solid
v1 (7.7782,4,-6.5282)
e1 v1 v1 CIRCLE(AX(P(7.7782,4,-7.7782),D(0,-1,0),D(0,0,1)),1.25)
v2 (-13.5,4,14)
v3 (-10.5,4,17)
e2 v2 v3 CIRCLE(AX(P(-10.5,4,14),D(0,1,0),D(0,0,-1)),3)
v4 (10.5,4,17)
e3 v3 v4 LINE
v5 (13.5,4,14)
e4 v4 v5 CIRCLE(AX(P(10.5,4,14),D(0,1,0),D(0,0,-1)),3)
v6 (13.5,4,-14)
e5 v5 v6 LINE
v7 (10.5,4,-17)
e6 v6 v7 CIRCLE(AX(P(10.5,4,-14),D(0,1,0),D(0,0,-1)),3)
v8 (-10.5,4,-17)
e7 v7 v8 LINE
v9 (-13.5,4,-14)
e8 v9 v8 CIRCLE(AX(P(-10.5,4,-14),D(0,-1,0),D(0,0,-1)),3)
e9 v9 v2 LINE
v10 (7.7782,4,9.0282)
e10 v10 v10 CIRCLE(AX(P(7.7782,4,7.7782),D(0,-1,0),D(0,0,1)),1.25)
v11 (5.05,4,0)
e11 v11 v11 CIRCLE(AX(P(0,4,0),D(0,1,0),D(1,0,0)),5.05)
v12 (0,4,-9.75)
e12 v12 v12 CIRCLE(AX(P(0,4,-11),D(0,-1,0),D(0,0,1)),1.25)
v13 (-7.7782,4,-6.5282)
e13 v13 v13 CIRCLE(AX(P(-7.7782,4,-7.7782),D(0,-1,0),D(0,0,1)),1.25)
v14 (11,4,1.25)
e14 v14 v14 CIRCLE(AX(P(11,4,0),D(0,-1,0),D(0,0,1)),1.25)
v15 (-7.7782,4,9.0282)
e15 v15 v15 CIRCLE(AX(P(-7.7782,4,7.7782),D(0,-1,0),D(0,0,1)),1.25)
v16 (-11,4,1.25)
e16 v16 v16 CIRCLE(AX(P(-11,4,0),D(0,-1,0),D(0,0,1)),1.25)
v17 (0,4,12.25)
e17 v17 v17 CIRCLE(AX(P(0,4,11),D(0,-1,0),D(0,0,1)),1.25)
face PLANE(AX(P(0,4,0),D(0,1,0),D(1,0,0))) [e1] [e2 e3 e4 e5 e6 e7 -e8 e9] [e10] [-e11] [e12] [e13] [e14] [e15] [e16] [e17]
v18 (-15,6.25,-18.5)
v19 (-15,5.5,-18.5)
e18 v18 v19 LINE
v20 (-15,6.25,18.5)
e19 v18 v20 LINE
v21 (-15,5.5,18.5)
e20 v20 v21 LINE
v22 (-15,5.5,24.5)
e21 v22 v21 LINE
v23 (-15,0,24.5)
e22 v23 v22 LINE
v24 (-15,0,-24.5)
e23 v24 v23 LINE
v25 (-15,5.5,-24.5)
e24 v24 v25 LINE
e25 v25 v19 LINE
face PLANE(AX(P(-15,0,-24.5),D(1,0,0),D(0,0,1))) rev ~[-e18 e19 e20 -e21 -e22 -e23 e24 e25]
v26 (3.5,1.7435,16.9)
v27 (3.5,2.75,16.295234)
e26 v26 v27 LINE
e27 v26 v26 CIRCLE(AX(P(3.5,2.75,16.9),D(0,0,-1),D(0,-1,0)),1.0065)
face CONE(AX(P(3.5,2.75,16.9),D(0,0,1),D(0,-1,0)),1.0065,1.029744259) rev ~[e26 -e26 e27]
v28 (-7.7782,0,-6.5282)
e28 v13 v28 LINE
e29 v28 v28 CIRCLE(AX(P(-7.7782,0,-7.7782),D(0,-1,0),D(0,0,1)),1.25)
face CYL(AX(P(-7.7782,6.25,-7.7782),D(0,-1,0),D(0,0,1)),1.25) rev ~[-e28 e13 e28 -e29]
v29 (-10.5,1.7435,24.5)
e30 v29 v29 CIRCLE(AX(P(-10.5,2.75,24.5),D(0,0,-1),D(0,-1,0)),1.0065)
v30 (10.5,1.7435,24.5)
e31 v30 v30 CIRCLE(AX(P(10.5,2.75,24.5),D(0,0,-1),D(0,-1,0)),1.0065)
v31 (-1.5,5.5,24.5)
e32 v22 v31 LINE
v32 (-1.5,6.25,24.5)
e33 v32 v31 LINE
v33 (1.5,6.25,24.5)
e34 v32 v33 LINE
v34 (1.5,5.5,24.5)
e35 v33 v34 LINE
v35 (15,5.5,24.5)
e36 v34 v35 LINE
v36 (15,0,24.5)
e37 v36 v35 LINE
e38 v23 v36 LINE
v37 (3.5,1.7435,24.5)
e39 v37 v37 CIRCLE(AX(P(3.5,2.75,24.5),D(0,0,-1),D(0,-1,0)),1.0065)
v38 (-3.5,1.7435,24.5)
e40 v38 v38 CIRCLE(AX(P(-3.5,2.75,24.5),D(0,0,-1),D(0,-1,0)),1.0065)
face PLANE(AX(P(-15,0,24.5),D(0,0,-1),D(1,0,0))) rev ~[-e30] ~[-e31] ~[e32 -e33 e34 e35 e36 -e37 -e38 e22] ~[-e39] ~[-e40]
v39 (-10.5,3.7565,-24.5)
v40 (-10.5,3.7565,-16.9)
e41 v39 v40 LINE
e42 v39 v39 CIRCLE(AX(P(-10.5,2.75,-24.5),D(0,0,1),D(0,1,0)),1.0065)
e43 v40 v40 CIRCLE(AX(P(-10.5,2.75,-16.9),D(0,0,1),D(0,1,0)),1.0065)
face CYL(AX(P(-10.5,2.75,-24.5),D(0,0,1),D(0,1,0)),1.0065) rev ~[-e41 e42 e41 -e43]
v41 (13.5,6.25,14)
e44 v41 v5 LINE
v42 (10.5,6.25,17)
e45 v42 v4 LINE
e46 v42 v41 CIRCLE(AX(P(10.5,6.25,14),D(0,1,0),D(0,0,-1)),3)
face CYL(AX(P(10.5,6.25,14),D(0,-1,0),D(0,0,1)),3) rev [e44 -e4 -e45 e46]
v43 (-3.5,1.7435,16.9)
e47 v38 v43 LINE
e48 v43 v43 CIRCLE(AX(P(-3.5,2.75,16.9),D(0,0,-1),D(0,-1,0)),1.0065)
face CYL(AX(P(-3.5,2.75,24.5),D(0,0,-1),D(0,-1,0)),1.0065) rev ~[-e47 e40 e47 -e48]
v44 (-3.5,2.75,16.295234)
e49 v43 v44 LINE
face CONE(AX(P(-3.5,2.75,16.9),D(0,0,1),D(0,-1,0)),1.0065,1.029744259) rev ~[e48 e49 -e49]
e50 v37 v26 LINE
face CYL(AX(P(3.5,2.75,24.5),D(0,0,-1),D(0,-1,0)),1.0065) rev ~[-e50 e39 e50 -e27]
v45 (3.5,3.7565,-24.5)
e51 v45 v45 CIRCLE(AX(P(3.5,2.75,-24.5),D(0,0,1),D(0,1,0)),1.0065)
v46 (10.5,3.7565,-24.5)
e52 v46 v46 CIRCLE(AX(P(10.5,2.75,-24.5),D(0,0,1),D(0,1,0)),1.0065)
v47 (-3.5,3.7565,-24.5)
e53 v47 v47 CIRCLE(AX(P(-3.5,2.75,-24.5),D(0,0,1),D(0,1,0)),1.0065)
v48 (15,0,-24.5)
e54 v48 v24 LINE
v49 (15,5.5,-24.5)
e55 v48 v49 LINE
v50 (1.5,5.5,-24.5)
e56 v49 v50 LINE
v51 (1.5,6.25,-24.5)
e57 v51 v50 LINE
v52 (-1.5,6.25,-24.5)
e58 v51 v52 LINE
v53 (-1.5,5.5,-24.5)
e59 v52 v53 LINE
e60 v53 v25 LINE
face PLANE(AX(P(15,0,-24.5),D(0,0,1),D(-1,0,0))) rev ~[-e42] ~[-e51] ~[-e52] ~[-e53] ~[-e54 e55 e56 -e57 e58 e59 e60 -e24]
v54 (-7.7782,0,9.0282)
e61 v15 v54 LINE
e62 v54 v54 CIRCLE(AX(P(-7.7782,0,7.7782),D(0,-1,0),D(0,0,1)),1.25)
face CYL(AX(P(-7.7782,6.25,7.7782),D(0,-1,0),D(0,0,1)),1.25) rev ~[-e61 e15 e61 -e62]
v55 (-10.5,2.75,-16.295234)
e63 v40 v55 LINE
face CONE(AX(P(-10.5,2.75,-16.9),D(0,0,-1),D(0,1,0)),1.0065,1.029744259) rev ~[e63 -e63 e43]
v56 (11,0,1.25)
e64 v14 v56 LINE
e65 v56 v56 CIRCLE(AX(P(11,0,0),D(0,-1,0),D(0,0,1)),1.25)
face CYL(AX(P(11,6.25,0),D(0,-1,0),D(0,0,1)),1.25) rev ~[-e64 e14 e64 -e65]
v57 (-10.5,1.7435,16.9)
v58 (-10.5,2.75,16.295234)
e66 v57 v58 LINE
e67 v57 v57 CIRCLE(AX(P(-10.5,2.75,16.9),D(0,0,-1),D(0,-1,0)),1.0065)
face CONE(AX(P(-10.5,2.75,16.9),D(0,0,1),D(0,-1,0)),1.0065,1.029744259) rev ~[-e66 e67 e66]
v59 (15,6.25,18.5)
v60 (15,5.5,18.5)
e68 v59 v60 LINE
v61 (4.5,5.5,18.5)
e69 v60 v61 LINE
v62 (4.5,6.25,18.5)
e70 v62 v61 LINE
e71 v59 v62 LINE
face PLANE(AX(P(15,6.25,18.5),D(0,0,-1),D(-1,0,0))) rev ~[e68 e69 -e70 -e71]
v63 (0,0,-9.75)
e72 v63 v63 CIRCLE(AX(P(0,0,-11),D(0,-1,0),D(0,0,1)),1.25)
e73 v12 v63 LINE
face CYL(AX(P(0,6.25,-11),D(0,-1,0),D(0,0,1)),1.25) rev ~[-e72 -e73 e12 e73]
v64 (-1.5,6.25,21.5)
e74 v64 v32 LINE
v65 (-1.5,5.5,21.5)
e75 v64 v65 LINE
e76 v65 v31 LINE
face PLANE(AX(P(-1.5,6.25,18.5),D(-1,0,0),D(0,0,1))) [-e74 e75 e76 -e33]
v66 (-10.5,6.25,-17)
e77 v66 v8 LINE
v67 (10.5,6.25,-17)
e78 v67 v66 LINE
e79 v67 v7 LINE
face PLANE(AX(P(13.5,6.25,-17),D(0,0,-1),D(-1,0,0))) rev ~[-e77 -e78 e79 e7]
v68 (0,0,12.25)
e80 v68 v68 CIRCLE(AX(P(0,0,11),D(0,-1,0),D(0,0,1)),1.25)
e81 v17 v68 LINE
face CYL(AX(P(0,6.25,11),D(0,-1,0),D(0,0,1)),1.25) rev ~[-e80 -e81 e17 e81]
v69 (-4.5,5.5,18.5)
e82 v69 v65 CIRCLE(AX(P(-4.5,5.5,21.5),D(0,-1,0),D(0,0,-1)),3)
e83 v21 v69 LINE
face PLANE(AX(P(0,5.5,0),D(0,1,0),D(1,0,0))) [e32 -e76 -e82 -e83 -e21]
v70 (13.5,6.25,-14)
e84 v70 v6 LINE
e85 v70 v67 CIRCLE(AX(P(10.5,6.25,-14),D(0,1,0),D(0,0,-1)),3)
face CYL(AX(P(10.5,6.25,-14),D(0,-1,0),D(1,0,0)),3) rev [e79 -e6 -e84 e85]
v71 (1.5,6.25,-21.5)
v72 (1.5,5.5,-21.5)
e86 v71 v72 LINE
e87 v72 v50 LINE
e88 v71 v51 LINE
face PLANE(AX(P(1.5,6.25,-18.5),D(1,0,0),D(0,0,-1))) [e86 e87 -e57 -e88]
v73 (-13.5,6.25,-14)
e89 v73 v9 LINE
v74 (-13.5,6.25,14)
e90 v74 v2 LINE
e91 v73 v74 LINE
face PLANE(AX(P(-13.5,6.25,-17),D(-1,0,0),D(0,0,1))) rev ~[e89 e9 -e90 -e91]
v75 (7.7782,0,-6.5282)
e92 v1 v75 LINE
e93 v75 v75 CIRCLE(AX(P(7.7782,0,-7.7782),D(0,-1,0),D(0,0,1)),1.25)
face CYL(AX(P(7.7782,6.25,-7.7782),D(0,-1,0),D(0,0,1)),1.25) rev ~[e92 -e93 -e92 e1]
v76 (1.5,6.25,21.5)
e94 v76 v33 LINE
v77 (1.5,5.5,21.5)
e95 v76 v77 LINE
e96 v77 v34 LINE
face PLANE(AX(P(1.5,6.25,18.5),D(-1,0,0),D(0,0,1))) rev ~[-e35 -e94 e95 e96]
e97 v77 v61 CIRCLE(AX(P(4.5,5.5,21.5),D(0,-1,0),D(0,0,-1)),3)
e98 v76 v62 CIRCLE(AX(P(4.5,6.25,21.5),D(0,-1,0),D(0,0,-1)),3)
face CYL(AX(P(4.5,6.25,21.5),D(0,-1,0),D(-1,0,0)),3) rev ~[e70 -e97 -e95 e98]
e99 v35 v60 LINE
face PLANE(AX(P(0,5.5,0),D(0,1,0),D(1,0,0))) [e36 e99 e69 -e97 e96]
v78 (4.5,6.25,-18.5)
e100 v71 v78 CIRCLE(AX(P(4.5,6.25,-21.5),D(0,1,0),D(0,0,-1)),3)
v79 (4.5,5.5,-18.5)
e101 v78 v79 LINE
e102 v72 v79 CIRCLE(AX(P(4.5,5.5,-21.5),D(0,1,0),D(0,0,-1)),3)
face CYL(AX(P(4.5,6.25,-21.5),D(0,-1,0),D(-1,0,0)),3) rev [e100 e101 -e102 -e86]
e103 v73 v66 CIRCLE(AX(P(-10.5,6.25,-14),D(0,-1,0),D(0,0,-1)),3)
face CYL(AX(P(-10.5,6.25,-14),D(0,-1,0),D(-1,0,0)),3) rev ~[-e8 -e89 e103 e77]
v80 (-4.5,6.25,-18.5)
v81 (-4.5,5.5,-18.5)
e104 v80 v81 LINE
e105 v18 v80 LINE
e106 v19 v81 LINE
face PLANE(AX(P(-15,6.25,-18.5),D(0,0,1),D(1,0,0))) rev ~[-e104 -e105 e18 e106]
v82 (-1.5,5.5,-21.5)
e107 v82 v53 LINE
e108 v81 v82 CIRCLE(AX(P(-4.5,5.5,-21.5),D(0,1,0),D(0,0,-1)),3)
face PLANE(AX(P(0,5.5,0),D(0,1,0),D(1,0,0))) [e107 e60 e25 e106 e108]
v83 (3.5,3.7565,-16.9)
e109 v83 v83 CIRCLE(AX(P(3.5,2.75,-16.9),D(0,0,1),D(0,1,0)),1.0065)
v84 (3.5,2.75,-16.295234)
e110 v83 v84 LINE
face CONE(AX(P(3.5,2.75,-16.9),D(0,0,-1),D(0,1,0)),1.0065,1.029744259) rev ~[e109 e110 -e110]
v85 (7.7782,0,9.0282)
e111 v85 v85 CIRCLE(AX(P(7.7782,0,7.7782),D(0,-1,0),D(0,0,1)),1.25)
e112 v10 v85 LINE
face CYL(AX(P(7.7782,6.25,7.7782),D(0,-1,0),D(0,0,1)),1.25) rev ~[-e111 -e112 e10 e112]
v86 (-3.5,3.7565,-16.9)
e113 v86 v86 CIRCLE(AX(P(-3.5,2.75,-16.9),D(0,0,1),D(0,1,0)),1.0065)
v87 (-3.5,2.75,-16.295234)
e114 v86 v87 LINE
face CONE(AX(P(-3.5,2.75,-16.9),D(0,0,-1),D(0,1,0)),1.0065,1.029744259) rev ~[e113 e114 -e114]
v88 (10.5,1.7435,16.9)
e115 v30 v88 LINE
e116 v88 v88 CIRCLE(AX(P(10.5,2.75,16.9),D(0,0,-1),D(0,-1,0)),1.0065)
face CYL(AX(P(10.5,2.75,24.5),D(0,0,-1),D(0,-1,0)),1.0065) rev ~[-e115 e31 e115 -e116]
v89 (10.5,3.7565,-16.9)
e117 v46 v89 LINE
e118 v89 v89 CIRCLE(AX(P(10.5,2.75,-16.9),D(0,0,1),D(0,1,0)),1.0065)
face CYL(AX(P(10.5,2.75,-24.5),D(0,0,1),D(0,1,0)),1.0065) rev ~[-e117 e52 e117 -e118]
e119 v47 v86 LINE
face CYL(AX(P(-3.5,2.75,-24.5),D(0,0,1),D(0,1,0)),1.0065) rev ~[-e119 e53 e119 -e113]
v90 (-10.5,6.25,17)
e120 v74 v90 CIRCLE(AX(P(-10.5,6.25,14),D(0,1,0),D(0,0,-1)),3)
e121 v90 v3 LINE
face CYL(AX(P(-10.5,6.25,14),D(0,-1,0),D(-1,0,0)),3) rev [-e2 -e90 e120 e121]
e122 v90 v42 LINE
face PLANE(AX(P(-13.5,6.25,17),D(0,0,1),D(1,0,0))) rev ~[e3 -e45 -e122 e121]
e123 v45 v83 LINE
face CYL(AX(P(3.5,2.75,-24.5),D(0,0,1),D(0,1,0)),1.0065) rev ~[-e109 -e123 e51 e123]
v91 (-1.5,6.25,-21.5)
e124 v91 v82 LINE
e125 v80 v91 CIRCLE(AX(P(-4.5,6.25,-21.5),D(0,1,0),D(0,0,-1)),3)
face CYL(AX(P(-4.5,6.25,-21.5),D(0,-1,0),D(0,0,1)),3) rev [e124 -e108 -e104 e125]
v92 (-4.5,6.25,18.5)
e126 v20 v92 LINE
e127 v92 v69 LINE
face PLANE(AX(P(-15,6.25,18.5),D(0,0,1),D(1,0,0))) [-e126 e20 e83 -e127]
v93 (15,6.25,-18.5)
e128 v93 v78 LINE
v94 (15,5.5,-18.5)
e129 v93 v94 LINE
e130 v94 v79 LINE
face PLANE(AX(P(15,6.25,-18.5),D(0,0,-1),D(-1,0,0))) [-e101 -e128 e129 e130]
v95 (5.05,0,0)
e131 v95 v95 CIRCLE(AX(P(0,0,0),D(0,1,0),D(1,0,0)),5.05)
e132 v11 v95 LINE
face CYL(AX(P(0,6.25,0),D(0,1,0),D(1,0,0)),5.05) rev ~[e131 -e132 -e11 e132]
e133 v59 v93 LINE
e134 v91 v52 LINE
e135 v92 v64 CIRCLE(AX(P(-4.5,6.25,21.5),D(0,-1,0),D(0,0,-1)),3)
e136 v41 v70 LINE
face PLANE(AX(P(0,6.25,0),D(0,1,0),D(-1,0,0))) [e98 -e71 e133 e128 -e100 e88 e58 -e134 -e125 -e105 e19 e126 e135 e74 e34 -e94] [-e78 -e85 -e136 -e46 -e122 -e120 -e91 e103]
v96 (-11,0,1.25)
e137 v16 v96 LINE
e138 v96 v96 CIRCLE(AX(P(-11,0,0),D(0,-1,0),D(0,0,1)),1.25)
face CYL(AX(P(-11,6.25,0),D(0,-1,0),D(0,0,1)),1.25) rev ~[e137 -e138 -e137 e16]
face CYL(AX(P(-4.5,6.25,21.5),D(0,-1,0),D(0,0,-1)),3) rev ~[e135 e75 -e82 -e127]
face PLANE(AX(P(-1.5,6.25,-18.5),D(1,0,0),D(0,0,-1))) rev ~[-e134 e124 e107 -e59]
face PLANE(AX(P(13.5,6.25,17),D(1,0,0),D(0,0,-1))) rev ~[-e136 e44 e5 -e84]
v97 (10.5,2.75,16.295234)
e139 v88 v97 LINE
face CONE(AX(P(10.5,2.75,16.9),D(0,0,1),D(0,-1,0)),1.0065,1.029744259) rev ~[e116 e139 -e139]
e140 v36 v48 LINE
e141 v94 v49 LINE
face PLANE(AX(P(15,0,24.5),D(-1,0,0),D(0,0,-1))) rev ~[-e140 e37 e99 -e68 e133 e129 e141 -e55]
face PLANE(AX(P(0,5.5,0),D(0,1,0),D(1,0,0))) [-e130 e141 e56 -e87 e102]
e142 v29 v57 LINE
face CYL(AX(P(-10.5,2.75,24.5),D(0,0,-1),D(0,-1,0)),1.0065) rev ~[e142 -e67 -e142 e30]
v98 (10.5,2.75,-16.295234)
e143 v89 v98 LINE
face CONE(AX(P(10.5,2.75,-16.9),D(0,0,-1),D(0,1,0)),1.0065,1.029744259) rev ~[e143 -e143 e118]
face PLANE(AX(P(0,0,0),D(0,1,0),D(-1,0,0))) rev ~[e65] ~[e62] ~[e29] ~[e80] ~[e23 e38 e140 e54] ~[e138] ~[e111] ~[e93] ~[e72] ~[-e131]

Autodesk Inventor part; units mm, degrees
ref_plane "YZ Plane" through (0, 0, 0) normal (1, 0, 0) x (0, 1, 0)
ref_plane "XZ Plane" through (0, 0, 0) normal (0, 1, 0) x (-1, 0, 0)
ref_plane "XY Plane" through (0, 0, 0) normal (0, 0, 1) x (1, 0, 0)
sketch "Sketch1" plane through (0, 0, 0) normal (0, 1, 0) x (-1, 0, 0)
  line L0 (15, 24.5) -> (-15, 24.5)
  line L1 (-15, 24.5) -> (-15, -24.5)
  line L2 (-15, -24.5) -> (15, -24.5)
  line L3 (15, -24.5) -> (15, 24.5)
  line L4 (0, 24.5) -> (0, -24.5) construction
  line L5 (15, 0) -> (-15, 0) construction
  line L6 (15, 0) -> (-15, 0) construction
  point P0 (0, 0)
  point P1 (0, 0)
  dimension "d0" = 49
  dimension "d1" = 30
  dimension "d64" = 0
extrude "Extrusion1" add sketch "Sketch1" along normal blind 6.25
sketch "Sketch2" plane through (0, 6.25, 0) normal (0, 1, 0) x (1, 0, 0)
  circle A0 centre (0, 0) radius 11 construction
  line L0 (0, 0) -> (-26.8985, 0) construction
  line L1 (-35.2782, 0) -> (23.3797, 0) construction
  point P0 (-14.9902, 25)
  point P1 (-11, 0)
  point P2 (-7.7782, -7.7782)
  point P3 (0, -11)
  point P4 (7.7782, -7.7782)
  point P5 (11, 0)
  point P6 (7.7782, 7.7782)
  point P7 (0, 11)
  point P8 (-7.7782, 7.7782)
  dimension "d7" = 22
  dimension "d8" = 360
hole "Hole1" at (-11, 6.25, 0) at (-7.7782, 6.25, -7.7782) at (0, 6.25, -11) at (7.7782, 6.25, -7.7782) at (11, 6.25, 0) at (7.7782, 6.25, 7.7782) at (0, 6.25, 11) at (-7.7782, 6.25, 7.7782) direction (0, -1, 0) diameter 2.5 end through all
sketch "Sketch3" plane through (0, 6.25, 0) normal (0, 1, 0) x (1, 0, 0)
  circle A0 centre (0, 0) radius 5.05
  dimension "d17" = 10.1
extrude "Extrusion2" cut sketch "Sketch3" against normal through all
sketch "Sketch6" plane through (-15, 0, 24.5) normal (0, 0, 1) x (1, 0, 0)
  line L0 (-10.3797, 2.75) -> (37.9037, 2.75) construction
  line L1 (0, 0) -> (30, 0) construction
  line L2 (0, 0) -> (0, 6.25) projected
  point P0 (15, 0)
  point P1 (4.5, 2.75)
  point P2 (11.5, 2.75)
  point P3 (18.5, 2.75)
  point P4 (25.5, 2.75)
  dimension "d33" = 2.75
  dimension "d34" = 4.5
  dimension "d37" = 7
hole "Hole3" at (-10.5, 2.75, 24.5) at (-3.5, 2.75, 24.5) at (3.5, 2.75, 24.5) at (10.5, 2.75, 24.5) direction (0, 0, -1) diameter 2.013 depth 7.6 tip angle 118 thread size "M2.5x0.45" class "6H" standard "ANSI Metric M Profile"
sketch "Sketch7" plane through (15, 0, -24.5) normal (0, 0, -1) x (-1, 0, 0)
  line L0 (-10.51, 2.75) -> (37.7733, 2.75) construction
  line L1 (0, 0) -> (29.8697, 0) construction
  line L2 (0, 0) -> (0, 3.7534)
  line L3 (0, 0) -> (30, 0) projected
  line L4 (0, 0) -> (0, 6.25) projected
  point P0 (15, 0)
  point P1 (15, 0)
  point P2 (4.5, 2.75)
  point P3 (11.5, 2.75)
  point P4 (18.5, 2.75)
  point P5 (25.5, 2.75)
  dimension "d53" = 2.75
  dimension "d54" = 4.5
  dimension "d55" = 7
hole "Hole4" at (10.5, 2.75, -24.5) at (-10.5, 2.75, -24.5) at (-3.5, 2.75, -24.5) at (3.5, 2.75, -24.5) direction (0, 0, 1) diameter 2.013 depth 7.6 tip angle 118 thread size "M2.5x0.45" class "6H" standard "ANSI Metric M Profile"
sketch "Sketch8" plane through (0, 6.25, 0) normal (0, 1, 0) x (1, 0, 0)
  line L0 (0, 35.3) -> (0, -40.3) construction
  line L1 (-15, -24.5) -> (15, -24.5) projected
  line L2 (15, 24.5) -> (-15, 24.5) projected
  line L3 (-1.5, -24.5) -> (-15, -24.5)
  line L4 (-15, -24.5) -> (-15, -18.5)
  line L5 (-15, -18.5) -> (-1.5, -18.5)
  line L6 (1.5, -24.5) -> (15, -24.5)
  line L7 (15, -24.5) -> (15, -18.5)
  line L8 (15, -18.5) -> (1.5, -18.5)
  line L9 (15, -24.5) -> (15, 24.5) projected
  line L10 (-15, 24.5) -> (-15, -24.5) projected
  line L11 (-1.5, -18.5) -> (-1.5, -24.5)
  line L12 (-15, -24.5) -> (15, -24.5) projected
  line L13 (1.5, -18.5) -> (1.5, -24.5)
  line L14 (-15, 0) -> (15, 0) construction
  line L15 (-1.5, 24.5) -> (-15, 24.5)
  line L16 (-15, 24.5) -> (-15, 18.5)
  line L17 (-15, 18.5) -> (-1.5, 18.5)
  line L18 (1.5, 24.5) -> (15, 24.5)
  line L19 (15, 24.5) -> (15, 18.5)
  line L20 (15, 18.5) -> (1.5, 18.5)
  line L21 (-1.5, 18.5) -> (-1.5, 24.5)
  line L22 (1.5, 18.5) -> (1.5, 24.5)
  line L23 (-15, -22.5) -> (15, -22.5) construction
  point P0 (0, 0)
  dimension "d80" = 6
  dimension "d81" = 3
  dimension "d82" = 13.5
  dimension "d86" = 2
extrude "Extrusion6" cut sketch "Sketch8" against normal blind 0.75 contours L4 L5 L11 L1 | L13 L8 L7 L1 | L10 L2 L21 L17 | L20 L22 L2 L9
fillet "Fillet1" radius 3 4 edges at (1.5, 5.875, 18.5) (-1.5, 5.875, 18.5) (1.5, 5.875, -18.5) (-1.5, 5.875, -18.5)
sketch "Sketch11" plane through (0, 6.25, 0) normal (0, 1, 0) x (1, 0, 0)
  line L0 (-13.5, -17) -> (13.5, -17)
  line L1 (13.5, -17) -> (13.5, 17)
  line L2 (13.5, 17) -> (-13.5, 17)
  line L3 (-13.5, 17) -> (-13.5, -17)
  line L4 (-15, 18.5) -> (-15, -18.5) projected
  line L5 (15, -18.5) -> (15, 18.5) projected
  line L6 (-1.5, -24.5) -> (-15, -24.5) projected
  line L7 (-15, 24.5) -> (-1.5, 24.5) projected
  point P0 (0, 0)
  dimension "d87" = 7.5
  dimension "d88" = 7.5
  dimension "d91" = 1.5
  dimension "d92" = 1.5
extrude "Extrusion7" cut sketch "Sketch11" against normal blind 2.25
fillet "Fillet2" radius 3 4 edges at (-13.5, 5.125, 17) (13.5, 5.125, 17) (13.5, 5.125, -17) (-13.5, 5.125, -17)
equation "\"d3\" = thickness"
equation "\"d7\" = d9"
equation "\"d18\" = thickness"
equation "\"d33\" = hole_2_bottom"
equation "\"d53\" = hole_2_bottom"
equation "\"d83\" = thickness - border_thickness"
equation "\"d89\" = thickness - central_thickness"
equation "\"thickness\" = 6.25"
equation "\"d9\" = 22"
equation "\"tol\" = 0.1"
equation "\"border_thickness\" = 5.5"
equation "\"central_thickness\" = 4"
equation "\"hole_2_bottom\" = 0.5 * border_thickness"
properties part number "new_base_u64_long" material "Aluminum 2014-T4"
